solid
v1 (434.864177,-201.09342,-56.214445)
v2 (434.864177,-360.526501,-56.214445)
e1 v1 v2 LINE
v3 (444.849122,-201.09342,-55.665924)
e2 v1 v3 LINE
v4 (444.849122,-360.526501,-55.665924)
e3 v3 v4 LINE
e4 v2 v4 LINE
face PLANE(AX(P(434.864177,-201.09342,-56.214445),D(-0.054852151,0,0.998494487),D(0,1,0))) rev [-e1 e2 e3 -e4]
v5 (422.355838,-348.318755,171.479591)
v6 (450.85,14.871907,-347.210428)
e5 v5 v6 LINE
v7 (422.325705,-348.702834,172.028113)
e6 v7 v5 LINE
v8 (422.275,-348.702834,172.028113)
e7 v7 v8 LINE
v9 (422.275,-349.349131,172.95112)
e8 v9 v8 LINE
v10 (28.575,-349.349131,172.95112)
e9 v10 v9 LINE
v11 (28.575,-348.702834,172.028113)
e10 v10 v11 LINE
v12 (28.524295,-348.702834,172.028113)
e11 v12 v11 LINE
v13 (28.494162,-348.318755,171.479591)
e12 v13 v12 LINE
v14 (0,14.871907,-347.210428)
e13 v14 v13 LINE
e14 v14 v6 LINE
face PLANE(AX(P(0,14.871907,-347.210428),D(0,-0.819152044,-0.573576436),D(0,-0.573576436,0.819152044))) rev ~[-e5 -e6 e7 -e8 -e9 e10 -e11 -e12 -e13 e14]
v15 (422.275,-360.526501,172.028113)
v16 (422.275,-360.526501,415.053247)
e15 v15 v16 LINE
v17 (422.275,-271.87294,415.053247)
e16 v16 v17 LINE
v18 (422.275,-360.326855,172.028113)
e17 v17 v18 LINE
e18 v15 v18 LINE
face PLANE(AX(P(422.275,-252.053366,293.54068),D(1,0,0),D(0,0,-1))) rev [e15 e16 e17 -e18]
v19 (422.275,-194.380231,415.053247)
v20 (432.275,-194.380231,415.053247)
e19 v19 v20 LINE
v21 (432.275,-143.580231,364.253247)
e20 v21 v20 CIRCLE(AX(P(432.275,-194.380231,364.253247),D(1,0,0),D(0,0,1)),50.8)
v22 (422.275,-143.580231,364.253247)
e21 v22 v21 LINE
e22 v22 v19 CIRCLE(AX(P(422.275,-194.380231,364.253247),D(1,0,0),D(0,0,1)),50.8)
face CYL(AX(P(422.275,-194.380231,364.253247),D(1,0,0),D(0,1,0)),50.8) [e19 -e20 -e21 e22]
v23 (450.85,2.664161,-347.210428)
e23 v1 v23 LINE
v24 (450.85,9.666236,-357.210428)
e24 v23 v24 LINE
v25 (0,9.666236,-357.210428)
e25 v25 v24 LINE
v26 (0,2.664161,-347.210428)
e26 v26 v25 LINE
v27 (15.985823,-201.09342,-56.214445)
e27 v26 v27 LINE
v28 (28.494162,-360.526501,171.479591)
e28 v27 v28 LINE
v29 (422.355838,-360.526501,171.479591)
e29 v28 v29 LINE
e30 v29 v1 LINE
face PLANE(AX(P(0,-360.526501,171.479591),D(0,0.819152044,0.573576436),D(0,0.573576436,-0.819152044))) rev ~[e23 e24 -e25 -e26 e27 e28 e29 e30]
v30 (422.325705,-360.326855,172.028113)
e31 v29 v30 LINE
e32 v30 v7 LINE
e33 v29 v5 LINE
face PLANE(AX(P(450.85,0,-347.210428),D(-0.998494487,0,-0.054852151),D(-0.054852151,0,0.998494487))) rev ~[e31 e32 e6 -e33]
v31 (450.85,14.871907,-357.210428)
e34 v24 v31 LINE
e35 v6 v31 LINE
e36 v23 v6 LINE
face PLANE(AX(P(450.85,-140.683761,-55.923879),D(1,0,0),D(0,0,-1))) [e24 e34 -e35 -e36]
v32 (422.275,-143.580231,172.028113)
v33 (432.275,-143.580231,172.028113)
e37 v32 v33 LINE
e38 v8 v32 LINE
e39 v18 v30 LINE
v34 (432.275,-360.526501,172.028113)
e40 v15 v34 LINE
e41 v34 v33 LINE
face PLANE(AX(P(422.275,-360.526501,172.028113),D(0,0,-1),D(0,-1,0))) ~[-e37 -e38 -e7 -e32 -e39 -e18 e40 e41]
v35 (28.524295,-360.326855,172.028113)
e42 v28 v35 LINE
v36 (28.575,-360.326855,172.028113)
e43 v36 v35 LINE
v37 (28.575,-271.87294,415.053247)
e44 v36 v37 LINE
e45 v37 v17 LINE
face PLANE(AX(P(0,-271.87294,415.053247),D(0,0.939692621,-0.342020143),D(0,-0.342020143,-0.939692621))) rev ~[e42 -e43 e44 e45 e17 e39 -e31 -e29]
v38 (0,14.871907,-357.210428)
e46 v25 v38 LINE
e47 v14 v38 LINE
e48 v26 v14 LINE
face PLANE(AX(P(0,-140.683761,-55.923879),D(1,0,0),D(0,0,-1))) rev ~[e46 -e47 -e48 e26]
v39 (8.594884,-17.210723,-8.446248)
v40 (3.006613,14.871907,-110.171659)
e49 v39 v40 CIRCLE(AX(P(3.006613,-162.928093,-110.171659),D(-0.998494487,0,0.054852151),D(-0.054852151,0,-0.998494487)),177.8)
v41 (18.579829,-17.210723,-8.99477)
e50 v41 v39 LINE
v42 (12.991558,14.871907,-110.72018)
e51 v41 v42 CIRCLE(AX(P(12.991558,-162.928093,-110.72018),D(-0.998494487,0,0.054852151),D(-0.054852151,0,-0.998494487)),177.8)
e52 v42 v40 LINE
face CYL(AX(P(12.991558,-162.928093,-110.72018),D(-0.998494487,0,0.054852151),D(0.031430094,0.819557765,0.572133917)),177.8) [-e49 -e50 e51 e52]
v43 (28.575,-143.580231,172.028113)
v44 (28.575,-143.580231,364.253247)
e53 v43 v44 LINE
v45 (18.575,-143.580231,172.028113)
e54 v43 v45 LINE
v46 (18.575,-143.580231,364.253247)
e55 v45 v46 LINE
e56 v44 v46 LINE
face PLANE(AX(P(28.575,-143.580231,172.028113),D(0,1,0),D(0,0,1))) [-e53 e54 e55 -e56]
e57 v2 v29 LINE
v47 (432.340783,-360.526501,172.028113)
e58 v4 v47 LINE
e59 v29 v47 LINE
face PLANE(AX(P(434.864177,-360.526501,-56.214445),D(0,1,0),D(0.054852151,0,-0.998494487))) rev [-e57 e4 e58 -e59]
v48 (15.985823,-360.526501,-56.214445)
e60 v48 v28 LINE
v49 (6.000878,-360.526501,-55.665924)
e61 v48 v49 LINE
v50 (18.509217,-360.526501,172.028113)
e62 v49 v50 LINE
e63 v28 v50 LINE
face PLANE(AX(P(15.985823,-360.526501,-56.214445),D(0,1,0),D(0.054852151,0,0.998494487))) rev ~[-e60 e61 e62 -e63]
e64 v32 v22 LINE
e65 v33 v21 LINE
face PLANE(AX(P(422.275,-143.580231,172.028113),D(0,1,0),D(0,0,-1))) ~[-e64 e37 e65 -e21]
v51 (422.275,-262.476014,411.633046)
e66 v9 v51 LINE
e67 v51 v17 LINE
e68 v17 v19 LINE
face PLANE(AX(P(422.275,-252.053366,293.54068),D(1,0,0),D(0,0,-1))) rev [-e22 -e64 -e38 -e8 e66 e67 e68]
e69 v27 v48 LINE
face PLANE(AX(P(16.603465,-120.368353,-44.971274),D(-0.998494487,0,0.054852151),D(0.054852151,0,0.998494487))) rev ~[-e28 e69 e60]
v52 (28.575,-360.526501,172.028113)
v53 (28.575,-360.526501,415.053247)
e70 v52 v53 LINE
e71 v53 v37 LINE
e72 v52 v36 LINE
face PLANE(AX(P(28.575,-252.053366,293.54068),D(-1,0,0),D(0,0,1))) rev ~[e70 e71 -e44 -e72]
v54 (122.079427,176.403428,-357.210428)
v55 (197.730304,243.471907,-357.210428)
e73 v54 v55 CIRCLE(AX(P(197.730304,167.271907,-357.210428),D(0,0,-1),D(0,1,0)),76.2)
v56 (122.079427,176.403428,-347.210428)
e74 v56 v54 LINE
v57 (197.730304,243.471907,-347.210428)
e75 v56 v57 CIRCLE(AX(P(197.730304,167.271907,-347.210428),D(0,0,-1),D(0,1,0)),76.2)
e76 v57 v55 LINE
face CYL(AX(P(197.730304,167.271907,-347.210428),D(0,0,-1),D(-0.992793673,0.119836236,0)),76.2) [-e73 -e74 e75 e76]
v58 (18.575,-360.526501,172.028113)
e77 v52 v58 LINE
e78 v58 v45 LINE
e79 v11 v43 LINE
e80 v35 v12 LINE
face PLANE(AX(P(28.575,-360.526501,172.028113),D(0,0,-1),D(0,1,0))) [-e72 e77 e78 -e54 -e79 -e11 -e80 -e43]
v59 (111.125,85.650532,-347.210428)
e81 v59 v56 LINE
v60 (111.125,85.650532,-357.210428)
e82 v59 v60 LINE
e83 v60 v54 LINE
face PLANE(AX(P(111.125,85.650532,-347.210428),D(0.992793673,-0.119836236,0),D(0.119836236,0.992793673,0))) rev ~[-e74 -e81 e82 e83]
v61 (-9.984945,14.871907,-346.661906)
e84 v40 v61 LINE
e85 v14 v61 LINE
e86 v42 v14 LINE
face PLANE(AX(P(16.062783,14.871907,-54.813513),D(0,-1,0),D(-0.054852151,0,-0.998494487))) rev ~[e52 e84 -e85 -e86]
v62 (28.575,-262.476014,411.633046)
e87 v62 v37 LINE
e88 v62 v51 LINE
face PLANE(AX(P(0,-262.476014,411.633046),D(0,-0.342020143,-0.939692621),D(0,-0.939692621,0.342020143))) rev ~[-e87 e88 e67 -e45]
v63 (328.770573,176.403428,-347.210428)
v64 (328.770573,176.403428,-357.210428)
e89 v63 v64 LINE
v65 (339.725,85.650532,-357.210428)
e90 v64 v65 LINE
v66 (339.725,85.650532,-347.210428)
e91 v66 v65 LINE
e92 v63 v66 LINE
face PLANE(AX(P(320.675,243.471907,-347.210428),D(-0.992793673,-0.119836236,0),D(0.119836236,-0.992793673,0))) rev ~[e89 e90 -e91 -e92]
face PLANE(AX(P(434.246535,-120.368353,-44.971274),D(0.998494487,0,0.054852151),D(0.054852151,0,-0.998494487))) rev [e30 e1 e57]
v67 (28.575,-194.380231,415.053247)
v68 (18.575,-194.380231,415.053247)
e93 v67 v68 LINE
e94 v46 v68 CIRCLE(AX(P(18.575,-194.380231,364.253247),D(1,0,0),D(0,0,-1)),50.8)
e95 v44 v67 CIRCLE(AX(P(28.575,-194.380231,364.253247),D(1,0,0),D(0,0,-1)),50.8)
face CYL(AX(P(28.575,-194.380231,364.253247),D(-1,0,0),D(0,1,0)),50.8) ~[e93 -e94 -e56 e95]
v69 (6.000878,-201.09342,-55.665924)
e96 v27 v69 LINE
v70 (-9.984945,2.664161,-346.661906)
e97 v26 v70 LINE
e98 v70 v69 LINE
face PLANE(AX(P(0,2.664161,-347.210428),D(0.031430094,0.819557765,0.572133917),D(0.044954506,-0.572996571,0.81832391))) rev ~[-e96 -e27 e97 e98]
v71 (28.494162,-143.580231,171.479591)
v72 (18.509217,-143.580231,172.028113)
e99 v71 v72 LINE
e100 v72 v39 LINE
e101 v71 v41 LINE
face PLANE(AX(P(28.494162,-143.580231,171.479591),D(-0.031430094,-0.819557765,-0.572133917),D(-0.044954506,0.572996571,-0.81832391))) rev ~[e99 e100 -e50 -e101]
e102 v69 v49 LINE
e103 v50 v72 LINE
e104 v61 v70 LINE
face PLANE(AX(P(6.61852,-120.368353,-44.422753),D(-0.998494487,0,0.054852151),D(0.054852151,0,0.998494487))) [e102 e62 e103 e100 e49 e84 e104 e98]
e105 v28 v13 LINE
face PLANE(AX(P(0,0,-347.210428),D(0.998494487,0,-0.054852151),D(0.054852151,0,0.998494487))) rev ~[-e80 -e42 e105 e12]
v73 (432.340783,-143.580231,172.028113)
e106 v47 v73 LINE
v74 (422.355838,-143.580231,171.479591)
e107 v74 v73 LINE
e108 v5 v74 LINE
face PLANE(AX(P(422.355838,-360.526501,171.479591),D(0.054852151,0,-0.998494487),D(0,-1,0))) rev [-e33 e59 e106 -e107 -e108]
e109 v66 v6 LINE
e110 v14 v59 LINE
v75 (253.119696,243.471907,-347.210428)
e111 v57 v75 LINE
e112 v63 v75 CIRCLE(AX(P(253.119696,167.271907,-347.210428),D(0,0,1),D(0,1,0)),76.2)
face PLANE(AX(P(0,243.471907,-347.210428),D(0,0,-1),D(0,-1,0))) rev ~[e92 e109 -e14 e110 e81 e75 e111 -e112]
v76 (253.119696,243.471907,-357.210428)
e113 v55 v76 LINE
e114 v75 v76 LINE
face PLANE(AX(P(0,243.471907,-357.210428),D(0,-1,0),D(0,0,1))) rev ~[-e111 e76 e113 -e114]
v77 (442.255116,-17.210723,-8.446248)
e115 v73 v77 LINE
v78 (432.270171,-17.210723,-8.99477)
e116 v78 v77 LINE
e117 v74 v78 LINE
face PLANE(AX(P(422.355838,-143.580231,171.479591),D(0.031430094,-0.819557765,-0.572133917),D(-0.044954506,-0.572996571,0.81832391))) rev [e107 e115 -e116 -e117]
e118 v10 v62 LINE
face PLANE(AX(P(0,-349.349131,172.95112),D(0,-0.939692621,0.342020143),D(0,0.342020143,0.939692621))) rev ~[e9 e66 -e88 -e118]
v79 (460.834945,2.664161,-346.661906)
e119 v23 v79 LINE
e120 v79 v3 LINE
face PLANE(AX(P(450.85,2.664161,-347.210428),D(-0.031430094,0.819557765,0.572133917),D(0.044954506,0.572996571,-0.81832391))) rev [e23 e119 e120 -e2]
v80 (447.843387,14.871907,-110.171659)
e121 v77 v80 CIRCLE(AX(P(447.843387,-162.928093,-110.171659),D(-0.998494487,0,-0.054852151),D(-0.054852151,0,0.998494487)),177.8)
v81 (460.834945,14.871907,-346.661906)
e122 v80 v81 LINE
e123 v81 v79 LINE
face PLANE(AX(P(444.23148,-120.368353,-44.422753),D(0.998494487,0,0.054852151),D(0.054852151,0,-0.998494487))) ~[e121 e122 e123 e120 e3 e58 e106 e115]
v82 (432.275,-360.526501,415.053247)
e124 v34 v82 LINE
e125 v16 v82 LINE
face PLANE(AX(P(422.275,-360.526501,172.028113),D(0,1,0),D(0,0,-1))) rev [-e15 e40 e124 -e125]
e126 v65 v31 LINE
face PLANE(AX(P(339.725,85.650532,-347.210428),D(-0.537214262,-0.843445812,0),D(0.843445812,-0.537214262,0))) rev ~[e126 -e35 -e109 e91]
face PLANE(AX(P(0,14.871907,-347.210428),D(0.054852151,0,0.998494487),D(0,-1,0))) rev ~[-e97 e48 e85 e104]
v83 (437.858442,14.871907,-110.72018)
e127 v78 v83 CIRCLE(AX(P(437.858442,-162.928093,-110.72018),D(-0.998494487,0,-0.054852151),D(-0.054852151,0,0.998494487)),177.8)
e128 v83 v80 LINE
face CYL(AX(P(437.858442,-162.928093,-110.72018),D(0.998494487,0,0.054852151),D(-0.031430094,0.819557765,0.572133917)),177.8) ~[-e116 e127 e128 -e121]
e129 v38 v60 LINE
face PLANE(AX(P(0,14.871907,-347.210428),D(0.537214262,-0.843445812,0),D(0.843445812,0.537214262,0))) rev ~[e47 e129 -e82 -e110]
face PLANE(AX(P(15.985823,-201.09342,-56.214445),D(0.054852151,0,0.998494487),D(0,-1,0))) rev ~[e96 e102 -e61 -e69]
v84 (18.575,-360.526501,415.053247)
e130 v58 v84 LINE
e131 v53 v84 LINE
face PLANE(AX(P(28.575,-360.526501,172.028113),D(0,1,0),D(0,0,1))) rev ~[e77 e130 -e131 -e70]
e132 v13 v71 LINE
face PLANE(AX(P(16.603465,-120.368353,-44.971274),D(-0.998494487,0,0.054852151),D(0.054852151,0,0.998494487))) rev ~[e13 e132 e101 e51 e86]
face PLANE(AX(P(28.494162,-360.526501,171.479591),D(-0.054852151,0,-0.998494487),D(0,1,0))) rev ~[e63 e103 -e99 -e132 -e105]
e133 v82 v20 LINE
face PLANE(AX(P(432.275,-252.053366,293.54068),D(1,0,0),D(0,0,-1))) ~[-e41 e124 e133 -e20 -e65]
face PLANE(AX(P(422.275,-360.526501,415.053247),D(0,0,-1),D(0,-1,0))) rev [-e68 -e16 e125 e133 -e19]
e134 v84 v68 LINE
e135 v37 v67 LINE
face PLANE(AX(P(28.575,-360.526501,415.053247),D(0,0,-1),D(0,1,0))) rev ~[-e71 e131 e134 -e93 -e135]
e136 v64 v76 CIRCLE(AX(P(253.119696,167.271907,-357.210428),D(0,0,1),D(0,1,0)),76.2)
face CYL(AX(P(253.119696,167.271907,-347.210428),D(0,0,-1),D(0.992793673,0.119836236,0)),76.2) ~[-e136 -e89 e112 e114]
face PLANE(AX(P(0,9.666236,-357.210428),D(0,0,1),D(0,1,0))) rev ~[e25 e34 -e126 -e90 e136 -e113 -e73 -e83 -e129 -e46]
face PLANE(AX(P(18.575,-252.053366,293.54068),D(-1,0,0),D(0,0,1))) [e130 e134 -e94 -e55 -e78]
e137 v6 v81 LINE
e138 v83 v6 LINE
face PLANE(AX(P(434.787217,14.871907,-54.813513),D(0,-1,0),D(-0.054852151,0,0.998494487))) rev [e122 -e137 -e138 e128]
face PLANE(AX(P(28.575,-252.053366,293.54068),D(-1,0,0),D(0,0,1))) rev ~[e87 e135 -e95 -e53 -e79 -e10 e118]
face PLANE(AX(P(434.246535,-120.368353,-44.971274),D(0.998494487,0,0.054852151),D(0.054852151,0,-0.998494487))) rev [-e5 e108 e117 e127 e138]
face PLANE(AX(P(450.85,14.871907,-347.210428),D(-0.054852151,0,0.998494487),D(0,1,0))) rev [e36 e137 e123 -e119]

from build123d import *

# Parameters (mm, degrees)
BOSS_EXTRUDE1_DEPTH     = 450.85
CUT_EXTRUDE2_DEPTH      = 508
FILLET1_R               = 76.2
SKETCH8_W               = 28.575
SKETCH8_H               = 250.515691668
CUT_EXTRUDE3_DEPTH      = 244.471906543
CUT_EXTRUDE3_DEPTH_BACK = 361.52650092
BOSS_EXTRUDE4_DEPTH     = 10
SKETCH11_W              = 243.025134326
SKETCH11_H              = 216.946269836
BOSS_EXTRUDE5_DEPTH     = 10
FILLET2_R               = 177.8
FILLET3_R               = 50.8
FILLET2_OF_MIRROR1_R    = 177.8
FILLET3_OF_MIRROR1_R    = 50.8


with BuildPart() as part:
    # Sketch1 → Boss-Extrude1 (new body)
    with BuildSketch(Plane(origin=(0, 0, 0), x_dir=(0, 0, -1), z_dir=(1, 0, 0))):
        Polygon((-172.951120204, -349.34913054), (-411.633045884, -262.476014135), (-415.053247317, -271.872940343), (-171.479591477, -360.52650092), (357.210427919, 9.666236038), (357.210427919, 243.471906543), (347.210427919, 243.471906543), (347.210427919, 14.871906543), align=None)
    extrude(amount=BOSS_EXTRUDE1_DEPTH)

    # Sketch3 → Cut-Extrude2 (cut)
    with BuildSketch(Plane.XY.offset(-347.210427919)):
        Polygon((450.85, 243.471906543), (320.675, 243.471906543), (339.725, 85.650531553), (450.85, 14.871906543), align=None)
        Polygon((111.125, 85.650531553), (130.175, 243.471906543), (0, 243.471906543), (0, 14.871906543), align=None)
    extrude(amount=-CUT_EXTRUDE2_DEPTH, mode=Mode.SUBTRACT)

    # Fillet1
    fillet1_edges = [part.edges().sort_by_distance(p)[0] for p in [
        (320.675, 243.471906543, -352.210427919),
        (130.175, 243.471906543, -352.210427919),
    ]]
    fillet(fillet1_edges, radius=FILLET1_R)

    # Sketch8 → Cut-Extrude3 (cut, two sides)
    with BuildSketch(Plane(origin=(0, 0, 0), x_dir=(1, 0, 0), z_dir=(0, 1, 0))) as cut_extrude3_sk:
        Polygon((0, -172.951120204), (0, 347.210427919), (28.575, -172.951120204), align=None)
        Polygon((422.275, -172.951120204), (450.85, -172.951120204), (450.85, 347.210427919), align=None)
        with Locations((436.5625, -298.208966038)):
            Rectangle(SKETCH8_W, SKETCH8_H)
        with Locations((14.2875, -298.208966038)):
            Rectangle(SKETCH8_W, SKETCH8_H)
    extrude(amount=CUT_EXTRUDE3_DEPTH, mode=Mode.SUBTRACT)
    extrude(cut_extrude3_sk.sketch, amount=-CUT_EXTRUDE3_DEPTH_BACK, mode=Mode.SUBTRACT)

    # Sketch9 → Boss-Extrude4 (add)
    with BuildSketch(Plane(origin=(19.016566107, 0, -1.04467233), x_dir=(0.054852151, 0, 0.998494487), z_dir=(-0.998494487, 0, 0.054852151))):
        Polygon((-53.849912427, 14.871906543), (-346.687698266, 14.871906543), (172.784392877, -348.318755032), (172.784392877, -143.580231084), align=None)
        Polygon((172.784392877, -360.52650092), (-55.252957085, -201.093419897), (-55.252957085, -360.52650092), align=None)
        Polygon((172.784392877, -348.318755032), (-346.687698266, 14.871906543), (-346.687698266, 2.664160656), (-55.252957085, -201.093419897), (172.784392877, -360.52650092), align=None)
    boss_extrude4 = extrude(amount=BOSS_EXTRUDE4_DEPTH)

    # Sketch11 → Boss-Extrude5 (add)
    with BuildSketch(Plane.ZY.offset(-28.575)):
        with Locations((293.540680154, -252.053366002)):
            Rectangle(SKETCH11_W, SKETCH11_H)
    boss_extrude5 = extrude(amount=BOSS_EXTRUDE5_DEPTH)

    # Fillet2
    fillet2_edges = [part.edges().sort_by_distance(p)[0] for p in [
        (11.070310121, 14.871906543, -54.539252282),
    ]]
    fillet(fillet2_edges, radius=FILLET2_R)

    # Fillet3
    fillet3_edges = [part.edges().sort_by_distance(p)[0] for p in [
        (23.575, -143.580231084, 415.053247317),
    ]]
    fillet(fillet3_edges, radius=FILLET3_R)

    # Mirror1: Boss-Extrude4, Boss-Extrude5 across plane
    add(boss_extrude4.mirror(Plane(origin=(225.425, 0, 0), x_dir=(0, 0, 1), z_dir=(1, 0, 0))))
    add(boss_extrude5.mirror(Plane(origin=(225.425, 0, 0), x_dir=(0, 0, 1), z_dir=(1, 0, 0))))

    # Fillet2 of Mirror1
    fillet2_of_mirror1_edges = [part.edges().sort_by_distance(p)[0] for p in [
        (439.779689879, 14.871906543, -54.539252282),
    ]]
    fillet(fillet2_of_mirror1_edges, radius=FILLET2_OF_MIRROR1_R)

    # Fillet3 of Mirror1
    fillet3_of_mirror1_edges = [part.edges().sort_by_distance(p)[0] for p in [
        (427.275, -143.580231084, 415.053247317),
    ]]
    fillet(fillet3_of_mirror1_edges, radius=FILLET3_OF_MIRROR1_R)


solid = part.part
